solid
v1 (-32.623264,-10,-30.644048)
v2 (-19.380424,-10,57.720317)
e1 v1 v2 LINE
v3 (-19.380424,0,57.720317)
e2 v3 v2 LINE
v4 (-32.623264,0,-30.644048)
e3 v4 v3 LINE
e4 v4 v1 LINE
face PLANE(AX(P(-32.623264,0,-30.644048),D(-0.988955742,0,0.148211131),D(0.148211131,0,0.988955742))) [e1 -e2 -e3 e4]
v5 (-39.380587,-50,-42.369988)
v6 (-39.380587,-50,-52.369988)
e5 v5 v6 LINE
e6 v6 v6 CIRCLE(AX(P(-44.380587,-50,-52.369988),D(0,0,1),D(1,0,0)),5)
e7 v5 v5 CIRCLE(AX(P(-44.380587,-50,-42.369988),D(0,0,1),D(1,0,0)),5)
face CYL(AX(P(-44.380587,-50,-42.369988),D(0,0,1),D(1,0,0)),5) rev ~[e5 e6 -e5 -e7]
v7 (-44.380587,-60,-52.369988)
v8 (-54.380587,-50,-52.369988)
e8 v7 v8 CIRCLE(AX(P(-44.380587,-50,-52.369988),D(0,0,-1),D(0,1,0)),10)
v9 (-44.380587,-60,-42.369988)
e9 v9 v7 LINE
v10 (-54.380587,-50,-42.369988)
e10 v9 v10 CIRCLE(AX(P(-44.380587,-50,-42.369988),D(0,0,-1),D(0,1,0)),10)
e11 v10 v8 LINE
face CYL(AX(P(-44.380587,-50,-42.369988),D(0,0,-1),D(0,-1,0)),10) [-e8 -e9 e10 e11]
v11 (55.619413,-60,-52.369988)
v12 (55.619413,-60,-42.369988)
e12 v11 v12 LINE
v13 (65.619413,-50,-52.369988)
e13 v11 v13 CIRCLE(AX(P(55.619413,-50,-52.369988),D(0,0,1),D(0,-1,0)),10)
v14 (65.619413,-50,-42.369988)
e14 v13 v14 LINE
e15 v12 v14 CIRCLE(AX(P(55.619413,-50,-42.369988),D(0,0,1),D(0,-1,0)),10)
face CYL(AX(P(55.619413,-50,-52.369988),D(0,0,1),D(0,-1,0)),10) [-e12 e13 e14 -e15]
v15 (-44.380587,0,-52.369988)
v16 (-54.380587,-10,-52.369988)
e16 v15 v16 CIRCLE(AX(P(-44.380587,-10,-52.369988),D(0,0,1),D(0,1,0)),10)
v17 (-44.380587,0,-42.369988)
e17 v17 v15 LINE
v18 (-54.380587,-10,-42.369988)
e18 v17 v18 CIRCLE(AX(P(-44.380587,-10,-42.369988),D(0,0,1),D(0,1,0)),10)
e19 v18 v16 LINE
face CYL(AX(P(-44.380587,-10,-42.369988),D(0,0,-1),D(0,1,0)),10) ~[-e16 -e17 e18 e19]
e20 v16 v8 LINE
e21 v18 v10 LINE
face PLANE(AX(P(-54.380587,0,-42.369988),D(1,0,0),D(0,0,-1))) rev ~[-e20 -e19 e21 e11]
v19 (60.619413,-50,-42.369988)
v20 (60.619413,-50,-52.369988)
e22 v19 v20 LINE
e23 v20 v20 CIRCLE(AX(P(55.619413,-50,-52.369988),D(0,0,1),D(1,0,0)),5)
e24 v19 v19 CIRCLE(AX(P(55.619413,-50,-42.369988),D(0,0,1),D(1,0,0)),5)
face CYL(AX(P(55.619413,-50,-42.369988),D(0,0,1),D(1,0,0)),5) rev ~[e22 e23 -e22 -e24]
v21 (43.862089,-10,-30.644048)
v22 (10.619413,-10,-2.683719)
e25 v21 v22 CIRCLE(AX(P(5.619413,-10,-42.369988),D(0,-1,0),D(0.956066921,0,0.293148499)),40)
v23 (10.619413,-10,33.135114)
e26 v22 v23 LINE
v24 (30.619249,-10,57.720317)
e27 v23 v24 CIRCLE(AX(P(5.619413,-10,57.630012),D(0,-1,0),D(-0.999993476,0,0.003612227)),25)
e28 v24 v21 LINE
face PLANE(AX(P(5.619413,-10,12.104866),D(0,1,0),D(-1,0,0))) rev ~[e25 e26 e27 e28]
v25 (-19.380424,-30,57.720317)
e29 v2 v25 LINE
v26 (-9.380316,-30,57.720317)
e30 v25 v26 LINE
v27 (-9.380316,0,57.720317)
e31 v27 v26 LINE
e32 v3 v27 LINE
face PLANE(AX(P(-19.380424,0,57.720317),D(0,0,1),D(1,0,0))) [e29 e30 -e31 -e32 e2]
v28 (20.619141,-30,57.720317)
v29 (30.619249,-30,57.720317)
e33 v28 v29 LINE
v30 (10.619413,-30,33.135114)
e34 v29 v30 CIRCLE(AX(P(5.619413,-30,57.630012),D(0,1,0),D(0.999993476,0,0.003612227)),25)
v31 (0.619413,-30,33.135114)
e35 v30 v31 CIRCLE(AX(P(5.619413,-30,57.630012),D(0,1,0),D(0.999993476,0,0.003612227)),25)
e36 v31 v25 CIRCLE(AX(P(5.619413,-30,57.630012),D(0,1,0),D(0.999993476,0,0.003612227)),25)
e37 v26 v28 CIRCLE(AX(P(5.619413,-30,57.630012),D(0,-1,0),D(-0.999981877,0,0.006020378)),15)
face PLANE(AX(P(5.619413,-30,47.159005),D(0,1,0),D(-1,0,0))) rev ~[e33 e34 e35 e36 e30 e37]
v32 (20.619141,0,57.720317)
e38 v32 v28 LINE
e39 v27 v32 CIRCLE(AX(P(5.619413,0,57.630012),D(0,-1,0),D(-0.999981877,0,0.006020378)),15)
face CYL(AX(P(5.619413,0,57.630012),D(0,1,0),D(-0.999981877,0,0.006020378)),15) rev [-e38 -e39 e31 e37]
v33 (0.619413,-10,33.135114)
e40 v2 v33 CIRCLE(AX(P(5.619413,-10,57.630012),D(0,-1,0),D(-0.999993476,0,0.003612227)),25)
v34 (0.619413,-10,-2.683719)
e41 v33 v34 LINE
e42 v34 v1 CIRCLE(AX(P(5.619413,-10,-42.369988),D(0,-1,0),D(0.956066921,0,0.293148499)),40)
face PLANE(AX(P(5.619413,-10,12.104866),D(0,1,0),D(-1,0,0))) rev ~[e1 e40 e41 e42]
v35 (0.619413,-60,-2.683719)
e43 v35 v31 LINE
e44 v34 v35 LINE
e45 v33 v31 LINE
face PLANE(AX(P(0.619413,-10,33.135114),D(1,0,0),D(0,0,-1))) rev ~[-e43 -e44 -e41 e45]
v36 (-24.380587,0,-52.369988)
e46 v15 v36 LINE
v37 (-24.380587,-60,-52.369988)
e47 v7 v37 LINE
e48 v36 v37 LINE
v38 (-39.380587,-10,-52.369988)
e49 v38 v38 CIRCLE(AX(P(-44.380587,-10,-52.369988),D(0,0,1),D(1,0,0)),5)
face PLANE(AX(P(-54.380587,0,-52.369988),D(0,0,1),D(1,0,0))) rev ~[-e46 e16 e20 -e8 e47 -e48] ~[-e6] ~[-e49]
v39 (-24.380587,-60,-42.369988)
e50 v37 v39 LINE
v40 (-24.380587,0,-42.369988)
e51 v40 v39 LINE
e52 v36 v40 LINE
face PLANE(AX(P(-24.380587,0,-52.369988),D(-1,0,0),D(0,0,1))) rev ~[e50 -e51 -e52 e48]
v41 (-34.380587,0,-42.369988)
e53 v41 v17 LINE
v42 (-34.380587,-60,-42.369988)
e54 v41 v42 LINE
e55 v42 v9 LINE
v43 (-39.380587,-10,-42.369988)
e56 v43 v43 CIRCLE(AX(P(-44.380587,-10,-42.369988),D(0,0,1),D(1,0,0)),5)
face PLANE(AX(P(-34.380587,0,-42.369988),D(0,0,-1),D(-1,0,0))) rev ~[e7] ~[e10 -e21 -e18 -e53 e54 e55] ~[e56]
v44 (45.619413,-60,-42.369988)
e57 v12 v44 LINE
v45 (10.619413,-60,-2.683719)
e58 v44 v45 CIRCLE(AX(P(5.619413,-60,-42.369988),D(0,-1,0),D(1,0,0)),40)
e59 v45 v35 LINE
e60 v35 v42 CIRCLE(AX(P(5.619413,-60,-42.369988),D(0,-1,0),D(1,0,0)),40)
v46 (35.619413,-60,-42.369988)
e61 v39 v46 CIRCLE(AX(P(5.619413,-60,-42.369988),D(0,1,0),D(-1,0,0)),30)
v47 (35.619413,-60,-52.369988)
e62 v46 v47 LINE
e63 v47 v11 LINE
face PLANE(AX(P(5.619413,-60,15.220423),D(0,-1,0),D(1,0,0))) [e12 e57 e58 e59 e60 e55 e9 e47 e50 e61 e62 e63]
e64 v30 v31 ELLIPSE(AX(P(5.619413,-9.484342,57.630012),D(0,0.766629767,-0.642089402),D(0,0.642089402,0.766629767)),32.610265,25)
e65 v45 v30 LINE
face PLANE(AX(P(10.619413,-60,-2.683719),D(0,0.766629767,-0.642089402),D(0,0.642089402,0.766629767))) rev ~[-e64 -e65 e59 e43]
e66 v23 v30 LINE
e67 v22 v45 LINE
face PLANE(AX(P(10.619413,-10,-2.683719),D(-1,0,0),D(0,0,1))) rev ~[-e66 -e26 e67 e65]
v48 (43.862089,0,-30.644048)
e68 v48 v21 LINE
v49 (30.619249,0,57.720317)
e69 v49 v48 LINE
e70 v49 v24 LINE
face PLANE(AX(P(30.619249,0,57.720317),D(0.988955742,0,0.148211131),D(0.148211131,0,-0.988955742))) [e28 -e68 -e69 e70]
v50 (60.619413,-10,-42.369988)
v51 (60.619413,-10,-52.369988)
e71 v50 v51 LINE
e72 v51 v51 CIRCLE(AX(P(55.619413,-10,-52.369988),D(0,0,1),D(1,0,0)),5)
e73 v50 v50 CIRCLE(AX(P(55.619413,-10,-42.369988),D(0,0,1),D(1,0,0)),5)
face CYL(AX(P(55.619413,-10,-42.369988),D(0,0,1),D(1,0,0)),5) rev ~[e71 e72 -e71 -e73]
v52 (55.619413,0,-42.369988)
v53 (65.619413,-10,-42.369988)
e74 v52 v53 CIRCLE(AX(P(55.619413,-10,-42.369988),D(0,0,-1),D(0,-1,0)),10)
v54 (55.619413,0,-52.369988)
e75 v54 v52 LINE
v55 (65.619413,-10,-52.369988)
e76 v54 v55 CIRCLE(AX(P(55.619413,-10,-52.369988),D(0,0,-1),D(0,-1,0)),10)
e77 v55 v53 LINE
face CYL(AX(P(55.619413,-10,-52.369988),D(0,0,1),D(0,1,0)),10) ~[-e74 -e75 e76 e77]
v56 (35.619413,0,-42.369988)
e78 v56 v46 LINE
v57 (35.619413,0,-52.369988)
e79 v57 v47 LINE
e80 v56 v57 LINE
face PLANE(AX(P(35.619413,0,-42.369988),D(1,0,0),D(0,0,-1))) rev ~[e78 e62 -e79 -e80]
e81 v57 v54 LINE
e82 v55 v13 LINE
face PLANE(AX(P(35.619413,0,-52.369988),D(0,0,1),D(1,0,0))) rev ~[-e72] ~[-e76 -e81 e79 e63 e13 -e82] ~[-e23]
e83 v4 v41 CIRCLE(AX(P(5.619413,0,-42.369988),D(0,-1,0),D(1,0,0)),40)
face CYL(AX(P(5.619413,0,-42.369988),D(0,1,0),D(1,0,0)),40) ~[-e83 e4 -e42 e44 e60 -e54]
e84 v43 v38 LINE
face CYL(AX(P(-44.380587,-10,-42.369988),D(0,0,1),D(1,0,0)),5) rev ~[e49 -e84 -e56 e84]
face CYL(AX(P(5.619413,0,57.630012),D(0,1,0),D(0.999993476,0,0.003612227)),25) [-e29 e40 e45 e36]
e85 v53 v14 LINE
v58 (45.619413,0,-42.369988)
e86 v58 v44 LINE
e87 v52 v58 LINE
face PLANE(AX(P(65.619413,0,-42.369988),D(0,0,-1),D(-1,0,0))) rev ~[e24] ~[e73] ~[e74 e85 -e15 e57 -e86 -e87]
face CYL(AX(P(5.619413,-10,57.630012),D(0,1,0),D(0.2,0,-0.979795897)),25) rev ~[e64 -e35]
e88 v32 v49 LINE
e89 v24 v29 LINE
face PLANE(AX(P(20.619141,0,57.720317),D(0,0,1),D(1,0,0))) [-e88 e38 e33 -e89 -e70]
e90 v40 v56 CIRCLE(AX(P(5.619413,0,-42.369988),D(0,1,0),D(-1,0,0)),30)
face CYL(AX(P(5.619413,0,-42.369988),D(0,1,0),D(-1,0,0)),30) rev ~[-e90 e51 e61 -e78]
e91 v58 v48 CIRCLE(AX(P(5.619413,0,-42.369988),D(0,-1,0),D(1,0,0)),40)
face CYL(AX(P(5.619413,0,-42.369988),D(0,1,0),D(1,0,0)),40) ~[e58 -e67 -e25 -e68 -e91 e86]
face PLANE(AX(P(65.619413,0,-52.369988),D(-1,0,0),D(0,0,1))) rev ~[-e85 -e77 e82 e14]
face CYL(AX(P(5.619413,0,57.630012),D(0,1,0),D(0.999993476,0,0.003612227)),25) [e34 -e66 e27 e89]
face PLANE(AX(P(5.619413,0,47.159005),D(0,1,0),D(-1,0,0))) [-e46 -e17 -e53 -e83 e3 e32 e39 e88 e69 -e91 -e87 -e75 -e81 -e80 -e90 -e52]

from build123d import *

# Parameters (mm, degrees)
F1_DEPTH  = 60
F3_DEPTH  = 10
F4_DEPTH  = 30
F6_DEPTH  = 50
F8_DEPTH  = 25
F9_R      = 5
F10_DEPTH = 25
F11_R     = 10


with BuildPart() as f1:
    # F0 (on Front) → F1 (new body)
    with BuildSketch(Plane.XZ):
        with BuildLine():
            Line((-34.3805874884, -42.3699883783), (-54.3805874884, -42.3699883783))
            Line((-54.3805874884, -42.3699883783), (-54.3805874884, -52.3699883783))
            Line((-54.3805874884, -52.3699883783), (-24.3805874884, -52.3699883783))
            Line((-24.3805874884, -52.3699883783), (-24.3805874884, -42.3699883783))
            ThreePointArc((-24.3805874884, -42.3699883783), (5.6194125116, -12.3699883783), (35.6194125116, -42.3699883783))
            Line((35.6194125116, -42.3699883783), (35.6194125116, -52.3699883783))
            Line((35.6194125116, -52.3699883783), (65.6194125116, -52.3699883783))
            Line((65.6194125116, -52.3699883783), (65.6194125116, -42.3699883783))
            Line((65.6194125116, -42.3699883783), (45.6194125116, -42.3699883783))
            ThreePointArc((45.6194125116, -42.3699883783), (5.6194125116, -2.3699883783), (-34.3805874884, -42.3699883783))
        make_face()
    extrude(amount=F1_DEPTH)

    # F2 (on face) → F3 (join)
    with BuildSketch(Plane(origin=(0, 0, 0), x_dir=(-1, 0, 0), z_dir=(0, 1, 0))):
        with BuildLine():
            ThreePointArc((19.3804243856, 57.7203172984), (-5.6194125116, 32.6300116217), (-30.6192494088, 57.7203172984))
            Line((-30.6192494088, 57.7203172984), (-43.8620893558, -30.6440484251))
            ThreePointArc((-43.8620893558, -30.6440484251), (-5.6194125116, -2.3699883783), (32.6232643327, -30.6440484251))
            Line((32.6232643327, -30.6440484251), (19.3804243856, 57.7203172984))
        make_face()
    extrude(amount=-F3_DEPTH)

    # F2 (on face) → F4 (join)
    with BuildSketch(Plane(origin=(0, 0, 0), x_dir=(-1, 0, 0), z_dir=(0, 1, 0))):
        with BuildLine():
            ThreePointArc((9.3803156488, 57.7203172984), (-5.6194125116, 42.6300116217), (-20.6191406719, 57.7203172984))
            Line((-20.6191406719, 57.7203172984), (-30.6192494088, 57.7203172984))
            ThreePointArc((-30.6192494088, 57.7203172984), (-5.6194125116, 32.6300116217), (19.3804243856, 57.7203172984))
            Line((19.3804243856, 57.7203172984), (9.3803156488, 57.7203172984))
        make_face()
    extrude(amount=-F4_DEPTH)

    # F5 (on face) → F6 (join, through all)
    with BuildSketch(Plane.XZ.offset(10)):
        with BuildLine():
            ThreePointArc((10.6194125116, 33.1351141939), (5.6194125116, 32.6300116217), (0.6194125116, 33.1351141939))
            Line((0.6194125116, 33.1351141939), (0.6194125116, -2.6837187123))
            ThreePointArc((0.6194125116, -2.6837187123), (5.6194125116, -2.3699883783), (10.6194125116, -2.6837187123))
            Line((10.6194125116, -2.6837187123), (10.6194125116, 33.1351141939))
        make_face()
    extrude(amount=F6_DEPTH)

    # F7 (on face) → F8 (cut)
    with BuildSketch(Plane.YZ.offset(10.6194125116)):
        Polygon((-60, -2.6837187123), (-30, 33.1351141939), (-60, 33.1351141939), align=None)
    extrude(amount=-F8_DEPTH, mode=Mode.SUBTRACT)

    # F9 (on face) → F10 (cut)
    with BuildSketch(Plane.XY.offset(-42.3699883783)):
        with Locations((55.6194125116, -50)):
            Circle(F9_R)
        with Locations((55.6194125116, -10)):
            Circle(F9_R)
        with Locations((-44.3805874884, -50)):
            Circle(F9_R)
        with Locations((-44.3805874884, -10)):
            Circle(F9_R)
    extrude(amount=-F10_DEPTH, mode=Mode.SUBTRACT)

    # F11
    f11_edges = [f1.edges().sort_by_distance(p)[0] for p in [
        (65.619413, -60, -47.369988),
        (65.619413, 0, -47.369988),
        (-54.380587, -60, -47.369988),
        (-54.380587, 0, -47.369988),
    ]]
    fillet(f11_edges, radius=F11_R)


solid = f1.part
